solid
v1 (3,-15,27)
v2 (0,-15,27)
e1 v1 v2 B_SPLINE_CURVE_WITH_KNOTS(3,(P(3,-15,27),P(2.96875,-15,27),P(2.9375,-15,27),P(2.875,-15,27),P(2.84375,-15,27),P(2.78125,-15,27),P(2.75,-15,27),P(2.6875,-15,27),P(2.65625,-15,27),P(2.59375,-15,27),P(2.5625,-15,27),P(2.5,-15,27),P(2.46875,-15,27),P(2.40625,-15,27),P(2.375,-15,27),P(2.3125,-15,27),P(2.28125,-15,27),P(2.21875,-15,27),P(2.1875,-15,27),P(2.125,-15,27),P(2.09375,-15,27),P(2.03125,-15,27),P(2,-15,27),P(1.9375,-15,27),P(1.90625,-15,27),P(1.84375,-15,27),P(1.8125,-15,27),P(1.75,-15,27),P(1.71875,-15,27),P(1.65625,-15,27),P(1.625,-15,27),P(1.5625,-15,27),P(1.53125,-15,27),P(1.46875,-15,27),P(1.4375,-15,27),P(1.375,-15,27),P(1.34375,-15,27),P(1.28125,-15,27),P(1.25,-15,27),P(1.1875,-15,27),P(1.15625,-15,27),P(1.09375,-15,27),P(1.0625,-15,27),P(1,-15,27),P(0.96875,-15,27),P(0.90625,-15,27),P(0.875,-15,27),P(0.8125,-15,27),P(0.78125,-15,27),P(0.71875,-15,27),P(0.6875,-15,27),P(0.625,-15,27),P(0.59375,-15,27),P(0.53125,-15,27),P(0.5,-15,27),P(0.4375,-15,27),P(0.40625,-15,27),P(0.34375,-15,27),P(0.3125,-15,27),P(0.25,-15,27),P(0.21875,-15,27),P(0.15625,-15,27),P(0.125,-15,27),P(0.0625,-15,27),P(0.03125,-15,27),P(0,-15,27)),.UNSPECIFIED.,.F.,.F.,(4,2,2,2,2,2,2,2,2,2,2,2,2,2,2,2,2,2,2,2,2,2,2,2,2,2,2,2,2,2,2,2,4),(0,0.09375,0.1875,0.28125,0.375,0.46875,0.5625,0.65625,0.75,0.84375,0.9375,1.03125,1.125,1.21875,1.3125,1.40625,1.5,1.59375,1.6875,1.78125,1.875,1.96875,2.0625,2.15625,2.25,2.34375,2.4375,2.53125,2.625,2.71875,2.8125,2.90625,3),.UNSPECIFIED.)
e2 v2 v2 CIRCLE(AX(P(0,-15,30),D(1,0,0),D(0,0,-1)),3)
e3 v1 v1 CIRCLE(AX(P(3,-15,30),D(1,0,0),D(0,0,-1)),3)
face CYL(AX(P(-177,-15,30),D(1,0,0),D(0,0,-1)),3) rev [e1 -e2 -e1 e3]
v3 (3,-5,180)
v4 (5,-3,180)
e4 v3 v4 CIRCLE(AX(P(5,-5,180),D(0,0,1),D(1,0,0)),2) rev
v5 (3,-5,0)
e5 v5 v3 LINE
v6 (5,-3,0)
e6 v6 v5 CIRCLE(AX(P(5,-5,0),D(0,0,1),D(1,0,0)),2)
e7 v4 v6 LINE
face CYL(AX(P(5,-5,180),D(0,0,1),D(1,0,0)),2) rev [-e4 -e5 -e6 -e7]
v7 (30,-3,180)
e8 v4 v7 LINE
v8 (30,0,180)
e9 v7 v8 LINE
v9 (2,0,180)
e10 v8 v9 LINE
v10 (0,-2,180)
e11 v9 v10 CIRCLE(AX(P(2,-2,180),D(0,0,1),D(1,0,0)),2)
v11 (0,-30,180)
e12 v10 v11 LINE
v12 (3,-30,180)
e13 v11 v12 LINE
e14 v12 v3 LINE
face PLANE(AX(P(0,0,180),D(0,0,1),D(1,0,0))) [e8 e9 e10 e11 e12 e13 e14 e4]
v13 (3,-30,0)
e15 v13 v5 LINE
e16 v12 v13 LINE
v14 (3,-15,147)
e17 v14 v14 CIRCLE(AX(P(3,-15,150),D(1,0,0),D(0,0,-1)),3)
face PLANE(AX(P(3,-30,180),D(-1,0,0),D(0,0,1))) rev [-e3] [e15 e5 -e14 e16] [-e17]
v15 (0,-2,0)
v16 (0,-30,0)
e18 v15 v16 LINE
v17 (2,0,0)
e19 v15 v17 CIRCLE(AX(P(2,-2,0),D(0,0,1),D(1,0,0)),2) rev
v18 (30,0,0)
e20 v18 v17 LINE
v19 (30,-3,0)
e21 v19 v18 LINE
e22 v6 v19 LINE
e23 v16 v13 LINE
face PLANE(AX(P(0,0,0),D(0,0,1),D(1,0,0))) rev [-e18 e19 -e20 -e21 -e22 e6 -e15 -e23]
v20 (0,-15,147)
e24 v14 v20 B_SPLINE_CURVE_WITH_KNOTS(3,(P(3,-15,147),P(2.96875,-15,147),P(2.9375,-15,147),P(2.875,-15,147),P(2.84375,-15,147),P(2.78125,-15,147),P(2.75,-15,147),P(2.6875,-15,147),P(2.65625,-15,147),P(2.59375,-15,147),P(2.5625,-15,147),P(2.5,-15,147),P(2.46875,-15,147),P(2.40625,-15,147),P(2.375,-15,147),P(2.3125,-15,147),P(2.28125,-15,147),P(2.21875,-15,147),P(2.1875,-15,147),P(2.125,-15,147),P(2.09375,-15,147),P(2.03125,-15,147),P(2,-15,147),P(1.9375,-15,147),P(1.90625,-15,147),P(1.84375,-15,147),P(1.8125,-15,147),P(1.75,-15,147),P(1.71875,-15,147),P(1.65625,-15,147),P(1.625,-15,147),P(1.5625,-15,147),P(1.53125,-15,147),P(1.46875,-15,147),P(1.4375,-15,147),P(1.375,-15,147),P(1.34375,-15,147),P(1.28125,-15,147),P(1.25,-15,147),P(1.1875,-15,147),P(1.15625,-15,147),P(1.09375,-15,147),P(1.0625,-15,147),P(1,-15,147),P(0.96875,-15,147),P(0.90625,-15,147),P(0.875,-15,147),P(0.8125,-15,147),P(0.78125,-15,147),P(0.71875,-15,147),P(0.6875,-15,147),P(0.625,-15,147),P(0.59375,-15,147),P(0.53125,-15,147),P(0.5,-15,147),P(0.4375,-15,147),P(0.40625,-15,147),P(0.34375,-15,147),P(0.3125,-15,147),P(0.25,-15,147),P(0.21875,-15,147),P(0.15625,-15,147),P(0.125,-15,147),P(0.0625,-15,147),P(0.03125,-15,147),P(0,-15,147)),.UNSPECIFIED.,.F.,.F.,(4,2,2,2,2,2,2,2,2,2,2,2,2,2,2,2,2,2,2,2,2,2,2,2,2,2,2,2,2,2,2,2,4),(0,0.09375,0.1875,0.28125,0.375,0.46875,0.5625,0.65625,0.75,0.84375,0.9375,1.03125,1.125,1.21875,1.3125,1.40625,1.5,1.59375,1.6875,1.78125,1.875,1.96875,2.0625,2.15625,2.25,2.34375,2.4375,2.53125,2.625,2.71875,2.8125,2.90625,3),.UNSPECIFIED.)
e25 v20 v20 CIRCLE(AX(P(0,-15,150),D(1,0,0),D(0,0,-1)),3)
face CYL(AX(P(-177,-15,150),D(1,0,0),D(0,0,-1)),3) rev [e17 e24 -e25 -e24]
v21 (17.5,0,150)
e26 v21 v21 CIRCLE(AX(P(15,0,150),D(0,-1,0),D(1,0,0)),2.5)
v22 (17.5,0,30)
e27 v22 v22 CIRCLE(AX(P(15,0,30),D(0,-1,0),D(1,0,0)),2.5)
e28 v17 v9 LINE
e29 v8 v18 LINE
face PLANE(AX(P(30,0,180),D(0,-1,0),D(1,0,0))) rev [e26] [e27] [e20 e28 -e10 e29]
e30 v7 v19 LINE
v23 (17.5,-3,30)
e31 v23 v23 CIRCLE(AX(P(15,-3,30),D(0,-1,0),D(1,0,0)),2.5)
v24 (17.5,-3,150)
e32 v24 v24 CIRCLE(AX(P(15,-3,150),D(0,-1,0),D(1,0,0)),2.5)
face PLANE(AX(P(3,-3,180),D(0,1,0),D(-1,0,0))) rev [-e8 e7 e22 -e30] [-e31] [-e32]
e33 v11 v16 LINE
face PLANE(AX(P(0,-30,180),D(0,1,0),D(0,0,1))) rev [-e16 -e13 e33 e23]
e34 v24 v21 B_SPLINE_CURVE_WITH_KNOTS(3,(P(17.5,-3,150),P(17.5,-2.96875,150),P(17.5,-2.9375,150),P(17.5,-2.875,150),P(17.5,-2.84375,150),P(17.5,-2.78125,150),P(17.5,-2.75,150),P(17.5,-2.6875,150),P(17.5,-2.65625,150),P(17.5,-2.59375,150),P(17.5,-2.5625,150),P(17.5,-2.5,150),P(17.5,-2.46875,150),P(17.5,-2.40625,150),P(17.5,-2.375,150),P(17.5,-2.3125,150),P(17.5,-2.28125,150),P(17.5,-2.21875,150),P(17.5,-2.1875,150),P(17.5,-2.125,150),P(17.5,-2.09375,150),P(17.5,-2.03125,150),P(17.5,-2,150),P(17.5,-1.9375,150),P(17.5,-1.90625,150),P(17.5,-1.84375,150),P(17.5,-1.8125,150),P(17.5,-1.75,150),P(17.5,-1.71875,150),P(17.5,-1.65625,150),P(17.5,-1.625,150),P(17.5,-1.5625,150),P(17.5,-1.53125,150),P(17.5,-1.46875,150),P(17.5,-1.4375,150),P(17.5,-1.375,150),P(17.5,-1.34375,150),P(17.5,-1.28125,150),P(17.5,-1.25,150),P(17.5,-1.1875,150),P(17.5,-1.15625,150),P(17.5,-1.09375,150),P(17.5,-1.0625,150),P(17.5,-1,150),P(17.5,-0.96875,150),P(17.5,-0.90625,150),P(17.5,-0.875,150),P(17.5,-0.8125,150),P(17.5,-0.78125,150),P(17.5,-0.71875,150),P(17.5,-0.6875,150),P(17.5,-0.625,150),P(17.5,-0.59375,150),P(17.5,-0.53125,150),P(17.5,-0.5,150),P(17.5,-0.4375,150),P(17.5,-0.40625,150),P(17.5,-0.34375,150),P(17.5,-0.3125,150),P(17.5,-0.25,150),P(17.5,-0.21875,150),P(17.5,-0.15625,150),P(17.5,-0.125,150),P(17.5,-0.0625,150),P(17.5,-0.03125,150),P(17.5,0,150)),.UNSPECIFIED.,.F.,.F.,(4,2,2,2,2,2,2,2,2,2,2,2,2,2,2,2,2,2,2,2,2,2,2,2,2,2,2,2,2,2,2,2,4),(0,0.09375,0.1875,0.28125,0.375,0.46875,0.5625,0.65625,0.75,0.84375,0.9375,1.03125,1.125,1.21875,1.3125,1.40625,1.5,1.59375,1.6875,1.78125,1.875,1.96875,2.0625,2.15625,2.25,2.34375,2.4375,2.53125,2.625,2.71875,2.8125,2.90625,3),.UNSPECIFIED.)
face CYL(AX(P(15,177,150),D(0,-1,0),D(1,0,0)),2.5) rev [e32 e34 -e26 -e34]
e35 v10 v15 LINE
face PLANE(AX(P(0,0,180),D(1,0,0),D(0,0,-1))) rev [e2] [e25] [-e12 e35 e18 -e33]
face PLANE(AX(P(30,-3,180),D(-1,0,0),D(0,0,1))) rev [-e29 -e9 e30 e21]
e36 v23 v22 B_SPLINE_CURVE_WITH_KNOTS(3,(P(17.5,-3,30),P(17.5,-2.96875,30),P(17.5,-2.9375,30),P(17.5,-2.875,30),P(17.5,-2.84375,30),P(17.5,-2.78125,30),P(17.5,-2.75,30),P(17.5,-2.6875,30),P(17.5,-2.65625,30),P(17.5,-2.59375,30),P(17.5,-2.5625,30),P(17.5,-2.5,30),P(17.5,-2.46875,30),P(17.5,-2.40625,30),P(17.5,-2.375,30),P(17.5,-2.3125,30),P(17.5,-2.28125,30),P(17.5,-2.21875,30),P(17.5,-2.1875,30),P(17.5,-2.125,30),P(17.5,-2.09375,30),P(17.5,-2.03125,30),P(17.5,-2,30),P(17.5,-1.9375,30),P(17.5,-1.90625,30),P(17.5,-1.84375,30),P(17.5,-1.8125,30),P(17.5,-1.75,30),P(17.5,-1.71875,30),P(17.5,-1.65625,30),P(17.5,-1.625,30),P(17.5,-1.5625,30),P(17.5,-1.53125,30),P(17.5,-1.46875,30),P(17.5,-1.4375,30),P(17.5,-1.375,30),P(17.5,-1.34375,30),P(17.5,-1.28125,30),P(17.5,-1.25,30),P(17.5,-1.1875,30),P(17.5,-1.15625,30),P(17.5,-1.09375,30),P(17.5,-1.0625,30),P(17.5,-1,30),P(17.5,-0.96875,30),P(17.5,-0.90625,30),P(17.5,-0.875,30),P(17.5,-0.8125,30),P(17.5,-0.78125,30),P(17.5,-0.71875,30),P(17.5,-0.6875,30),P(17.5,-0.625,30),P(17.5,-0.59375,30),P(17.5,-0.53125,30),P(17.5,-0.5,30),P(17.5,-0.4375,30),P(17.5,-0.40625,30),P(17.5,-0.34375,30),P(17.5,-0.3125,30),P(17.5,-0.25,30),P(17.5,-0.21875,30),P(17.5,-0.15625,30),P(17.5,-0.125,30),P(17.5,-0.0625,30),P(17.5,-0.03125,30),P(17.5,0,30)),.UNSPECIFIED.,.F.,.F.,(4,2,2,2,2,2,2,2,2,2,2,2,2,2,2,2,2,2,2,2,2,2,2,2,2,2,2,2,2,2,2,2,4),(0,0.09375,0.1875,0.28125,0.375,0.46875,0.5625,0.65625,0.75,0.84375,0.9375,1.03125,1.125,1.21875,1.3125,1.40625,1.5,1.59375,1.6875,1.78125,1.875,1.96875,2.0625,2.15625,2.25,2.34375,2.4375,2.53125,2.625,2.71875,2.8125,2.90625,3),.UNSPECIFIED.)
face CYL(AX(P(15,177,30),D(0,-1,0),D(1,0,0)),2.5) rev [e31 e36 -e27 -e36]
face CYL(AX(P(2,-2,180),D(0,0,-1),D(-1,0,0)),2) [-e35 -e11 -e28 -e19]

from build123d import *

# Parameters (mm, degrees)
BOSS_EXTRU_1_DEPTH      = 180
ESQUISSE2_R             = 3
ENL_V_MAT_EXTRU_1_DEPTH = 180
ESQUISSE3_R             = 2.5
ENL_V_MAT_EXTRU_2_DEPTH = 180
CONG_1_R                = 2


with BuildPart() as part:
    # Esquisse1 → Boss.-Extru.1 (new body)
    with BuildSketch(Plane.XY):
        Polygon((0, 0), (0, -30), (3, -30), (3, -3), (30, -3), (30, 0), align=None)
    extrude(amount=BOSS_EXTRU_1_DEPTH)

    # Esquisse2 → Enlèv. mat.-Extru.1 (cut)
    with BuildSketch(Plane(origin=(3, 0, 0), x_dir=(0, 0, -1), z_dir=(1, 0, 0))):
        with Locations((-30, -15)):
            Circle(ESQUISSE2_R)
        with Locations((-150, -15)):
            Circle(ESQUISSE2_R)
    extrude(amount=-ENL_V_MAT_EXTRU_1_DEPTH, mode=Mode.SUBTRACT)

    # Esquisse3 → Enlèv. mat.-Extru.2 (cut)
    with BuildSketch(Plane.XZ.offset(3)):
        with Locations((15, 150)):
            Circle(ESQUISSE3_R)
        with Locations((15, 30)):
            Circle(ESQUISSE3_R)
    extrude(amount=-ENL_V_MAT_EXTRU_2_DEPTH, mode=Mode.SUBTRACT)

    # Congé1
    cong_1_edges = [part.edges().sort_by_distance(p)[0] for p in [
        (3, -3, 90),
        (0, 0, 90),
    ]]
    fillet(cong_1_edges, radius=CONG_1_R)


solid = part.part
